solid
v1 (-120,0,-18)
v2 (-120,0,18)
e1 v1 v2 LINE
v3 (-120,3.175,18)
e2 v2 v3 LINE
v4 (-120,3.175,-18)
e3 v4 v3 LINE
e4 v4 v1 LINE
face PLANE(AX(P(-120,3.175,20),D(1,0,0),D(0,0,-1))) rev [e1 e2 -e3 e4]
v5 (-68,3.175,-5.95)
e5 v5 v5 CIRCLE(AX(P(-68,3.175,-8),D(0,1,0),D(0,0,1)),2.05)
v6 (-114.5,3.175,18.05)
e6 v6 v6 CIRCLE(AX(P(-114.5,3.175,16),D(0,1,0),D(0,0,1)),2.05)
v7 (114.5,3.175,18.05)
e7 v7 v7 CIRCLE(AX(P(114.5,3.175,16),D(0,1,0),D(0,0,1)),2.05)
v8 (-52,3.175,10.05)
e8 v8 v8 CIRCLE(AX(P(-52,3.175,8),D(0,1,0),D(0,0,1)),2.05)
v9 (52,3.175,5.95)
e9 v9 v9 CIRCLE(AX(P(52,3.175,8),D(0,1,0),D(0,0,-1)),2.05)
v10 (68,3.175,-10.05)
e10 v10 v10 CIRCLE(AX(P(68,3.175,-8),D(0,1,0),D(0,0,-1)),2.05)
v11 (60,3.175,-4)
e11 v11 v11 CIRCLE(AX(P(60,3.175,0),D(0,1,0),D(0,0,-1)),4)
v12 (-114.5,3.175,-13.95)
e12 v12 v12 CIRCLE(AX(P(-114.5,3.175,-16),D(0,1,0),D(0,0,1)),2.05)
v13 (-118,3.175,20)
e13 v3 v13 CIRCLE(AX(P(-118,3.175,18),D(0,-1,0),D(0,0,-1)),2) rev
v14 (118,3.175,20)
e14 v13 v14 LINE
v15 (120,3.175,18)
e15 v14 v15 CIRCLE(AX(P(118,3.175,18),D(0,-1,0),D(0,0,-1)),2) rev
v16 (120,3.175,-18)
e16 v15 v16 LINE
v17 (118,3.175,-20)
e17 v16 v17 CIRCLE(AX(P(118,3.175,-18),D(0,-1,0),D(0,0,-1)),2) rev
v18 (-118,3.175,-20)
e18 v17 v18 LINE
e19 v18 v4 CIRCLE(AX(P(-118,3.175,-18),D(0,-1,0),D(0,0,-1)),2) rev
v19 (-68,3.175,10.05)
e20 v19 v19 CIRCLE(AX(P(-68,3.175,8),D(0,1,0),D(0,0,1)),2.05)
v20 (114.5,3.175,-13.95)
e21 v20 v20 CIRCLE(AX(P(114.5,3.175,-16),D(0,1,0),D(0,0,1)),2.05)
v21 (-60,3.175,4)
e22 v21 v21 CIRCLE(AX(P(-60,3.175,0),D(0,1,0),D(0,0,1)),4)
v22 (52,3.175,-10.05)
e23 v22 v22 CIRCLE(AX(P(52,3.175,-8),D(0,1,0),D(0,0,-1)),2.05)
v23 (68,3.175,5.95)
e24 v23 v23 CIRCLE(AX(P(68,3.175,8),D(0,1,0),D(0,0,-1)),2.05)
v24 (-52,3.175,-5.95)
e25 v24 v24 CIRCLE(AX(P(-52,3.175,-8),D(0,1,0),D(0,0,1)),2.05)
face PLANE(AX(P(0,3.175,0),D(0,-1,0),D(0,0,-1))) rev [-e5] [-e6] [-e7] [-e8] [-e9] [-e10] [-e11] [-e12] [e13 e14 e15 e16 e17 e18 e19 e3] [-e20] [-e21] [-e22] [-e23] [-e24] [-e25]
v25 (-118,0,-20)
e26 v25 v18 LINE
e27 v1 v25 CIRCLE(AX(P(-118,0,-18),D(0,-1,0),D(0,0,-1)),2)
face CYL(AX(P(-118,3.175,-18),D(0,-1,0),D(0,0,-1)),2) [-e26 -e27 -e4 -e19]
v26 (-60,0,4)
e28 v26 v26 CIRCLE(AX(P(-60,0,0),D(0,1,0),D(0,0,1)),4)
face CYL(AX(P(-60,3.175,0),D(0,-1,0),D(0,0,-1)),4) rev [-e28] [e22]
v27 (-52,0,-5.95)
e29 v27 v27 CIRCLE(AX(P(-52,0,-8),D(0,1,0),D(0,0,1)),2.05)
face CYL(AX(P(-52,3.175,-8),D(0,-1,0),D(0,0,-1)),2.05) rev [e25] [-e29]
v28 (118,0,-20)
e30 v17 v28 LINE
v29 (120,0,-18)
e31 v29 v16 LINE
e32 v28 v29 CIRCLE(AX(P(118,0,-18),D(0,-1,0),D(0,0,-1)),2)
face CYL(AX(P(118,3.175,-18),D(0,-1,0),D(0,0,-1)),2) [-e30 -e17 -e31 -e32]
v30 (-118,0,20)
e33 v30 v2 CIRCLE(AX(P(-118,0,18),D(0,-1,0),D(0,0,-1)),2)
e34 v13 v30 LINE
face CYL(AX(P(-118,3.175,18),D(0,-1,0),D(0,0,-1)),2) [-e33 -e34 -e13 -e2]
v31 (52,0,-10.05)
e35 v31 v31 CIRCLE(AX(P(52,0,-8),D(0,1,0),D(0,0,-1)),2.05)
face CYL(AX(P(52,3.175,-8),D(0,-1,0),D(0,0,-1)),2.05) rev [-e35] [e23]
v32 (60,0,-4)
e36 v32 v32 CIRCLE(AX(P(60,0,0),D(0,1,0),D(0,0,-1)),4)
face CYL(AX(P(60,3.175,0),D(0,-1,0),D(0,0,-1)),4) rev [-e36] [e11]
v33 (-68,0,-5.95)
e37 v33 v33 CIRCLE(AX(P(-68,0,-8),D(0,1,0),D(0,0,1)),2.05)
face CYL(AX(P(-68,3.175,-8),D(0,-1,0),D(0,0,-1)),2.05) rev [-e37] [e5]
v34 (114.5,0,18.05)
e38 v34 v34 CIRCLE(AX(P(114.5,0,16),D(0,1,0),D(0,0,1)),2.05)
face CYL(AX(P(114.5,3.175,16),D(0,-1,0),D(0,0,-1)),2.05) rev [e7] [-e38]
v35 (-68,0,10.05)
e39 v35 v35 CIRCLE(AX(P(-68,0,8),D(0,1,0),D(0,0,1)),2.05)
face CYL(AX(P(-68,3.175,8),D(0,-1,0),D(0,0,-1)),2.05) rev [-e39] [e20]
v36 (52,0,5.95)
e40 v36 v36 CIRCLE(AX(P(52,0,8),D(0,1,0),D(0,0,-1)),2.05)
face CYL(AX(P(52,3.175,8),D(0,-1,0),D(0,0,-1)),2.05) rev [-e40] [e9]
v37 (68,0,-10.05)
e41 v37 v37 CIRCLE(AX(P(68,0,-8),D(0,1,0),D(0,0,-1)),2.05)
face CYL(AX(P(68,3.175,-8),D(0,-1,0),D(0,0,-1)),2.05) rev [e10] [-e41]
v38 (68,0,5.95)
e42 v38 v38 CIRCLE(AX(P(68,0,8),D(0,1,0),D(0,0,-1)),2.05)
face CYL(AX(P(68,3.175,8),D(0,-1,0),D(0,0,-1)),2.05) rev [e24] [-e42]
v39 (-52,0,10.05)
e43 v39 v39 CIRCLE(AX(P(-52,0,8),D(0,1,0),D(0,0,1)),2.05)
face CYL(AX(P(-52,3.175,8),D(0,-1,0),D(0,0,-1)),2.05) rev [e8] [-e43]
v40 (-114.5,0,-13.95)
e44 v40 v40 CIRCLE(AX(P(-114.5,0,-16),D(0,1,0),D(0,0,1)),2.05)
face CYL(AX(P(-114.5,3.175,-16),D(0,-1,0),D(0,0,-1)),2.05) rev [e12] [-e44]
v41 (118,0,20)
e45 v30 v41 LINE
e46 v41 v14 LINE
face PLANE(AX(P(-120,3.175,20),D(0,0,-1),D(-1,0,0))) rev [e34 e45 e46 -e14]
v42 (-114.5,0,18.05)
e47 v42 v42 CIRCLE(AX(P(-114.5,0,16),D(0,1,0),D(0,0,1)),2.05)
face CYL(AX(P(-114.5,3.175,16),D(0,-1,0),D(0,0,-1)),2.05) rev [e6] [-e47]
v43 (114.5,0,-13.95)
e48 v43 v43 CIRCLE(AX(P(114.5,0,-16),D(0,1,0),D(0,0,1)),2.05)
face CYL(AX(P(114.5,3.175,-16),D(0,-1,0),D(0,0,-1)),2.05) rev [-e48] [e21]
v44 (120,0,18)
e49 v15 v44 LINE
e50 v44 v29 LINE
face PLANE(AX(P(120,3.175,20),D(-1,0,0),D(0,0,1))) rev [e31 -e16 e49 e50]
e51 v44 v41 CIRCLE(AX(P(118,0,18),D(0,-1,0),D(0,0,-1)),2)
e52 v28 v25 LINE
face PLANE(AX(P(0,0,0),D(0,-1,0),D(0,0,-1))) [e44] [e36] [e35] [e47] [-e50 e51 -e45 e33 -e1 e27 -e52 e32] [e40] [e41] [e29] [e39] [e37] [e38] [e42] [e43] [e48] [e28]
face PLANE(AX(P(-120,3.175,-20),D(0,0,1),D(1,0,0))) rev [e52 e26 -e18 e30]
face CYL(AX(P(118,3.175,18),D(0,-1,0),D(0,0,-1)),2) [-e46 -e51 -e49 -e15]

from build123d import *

# Parameters (mm, degrees)
SKETCH1_W           = 240
SKETCH1_H           = 40
SKETCH1_R           = 2.05
SKETCH1_R_2         = 4
BOSS_EXTRUDE1_DEPTH = 3.175
FILLET1_R           = 2


with BuildPart() as part:
    # Sketch1 → Boss-Extrude1 (new body)
    with BuildSketch(Plane(origin=(0, 0, 0), x_dir=(1, 0, 0), z_dir=(0, 1, 0))):
        Rectangle(SKETCH1_W, SKETCH1_H)
        with Locations(Location((114.5, 16, 0), (0, 0, 270))):
            Circle(SKETCH1_R, mode=Mode.SUBTRACT)
        with Locations(Location((114.5, -16, 0), (0, 0, 270))):
            Circle(SKETCH1_R, mode=Mode.SUBTRACT)
        with Locations(Location((-114.5, 16, 0), (0, 0, 270))):
            Circle(SKETCH1_R, mode=Mode.SUBTRACT)
        with Locations(Location((-114.5, -16, 0), (0, 0, 270))):
            Circle(SKETCH1_R, mode=Mode.SUBTRACT)
        with Locations(Location((-52, -8, 0), (0, 0, 270))):
            Circle(SKETCH1_R, mode=Mode.SUBTRACT)
        with Locations(Location((-68, -8, 0), (0, 0, 270))):
            Circle(SKETCH1_R, mode=Mode.SUBTRACT)
        with Locations(Location((-68, 8, 0), (0, 0, 270))):
            Circle(SKETCH1_R, mode=Mode.SUBTRACT)
        with Locations(Location((-52, 8, 0), (0, 0, 270))):
            Circle(SKETCH1_R, mode=Mode.SUBTRACT)
        with Locations(Location((-60, 0, 0), (0, 0, 270))):
            Circle(SKETCH1_R_2, mode=Mode.SUBTRACT)
        with Locations(Location((68, 8, 0), (0, 0, 90))):
            Circle(SKETCH1_R, mode=Mode.SUBTRACT)
        with Locations(Location((52, 8, 0), (0, 0, 90))):
            Circle(SKETCH1_R, mode=Mode.SUBTRACT)
        with Locations(Location((60, 0, 0), (0, 0, 90))):
            Circle(SKETCH1_R_2, mode=Mode.SUBTRACT)
        with Locations(Location((68, -8, 0), (0, 0, 90))):
            Circle(SKETCH1_R, mode=Mode.SUBTRACT)
        with Locations(Location((52, -8, 0), (0, 0, 90))):
            Circle(SKETCH1_R, mode=Mode.SUBTRACT)
    extrude(amount=BOSS_EXTRUDE1_DEPTH)

    # Fillet1
    fillet1_edges = [part.edges().sort_by_distance(p)[0] for p in [
        (120, 1.5875, 20),
        (-120, 1.5875, 20),
        (-120, 1.5875, -20),
        (120, 1.5875, -20),
    ]]
    fillet(fillet1_edges, radius=FILLET1_R)


solid = part.part
